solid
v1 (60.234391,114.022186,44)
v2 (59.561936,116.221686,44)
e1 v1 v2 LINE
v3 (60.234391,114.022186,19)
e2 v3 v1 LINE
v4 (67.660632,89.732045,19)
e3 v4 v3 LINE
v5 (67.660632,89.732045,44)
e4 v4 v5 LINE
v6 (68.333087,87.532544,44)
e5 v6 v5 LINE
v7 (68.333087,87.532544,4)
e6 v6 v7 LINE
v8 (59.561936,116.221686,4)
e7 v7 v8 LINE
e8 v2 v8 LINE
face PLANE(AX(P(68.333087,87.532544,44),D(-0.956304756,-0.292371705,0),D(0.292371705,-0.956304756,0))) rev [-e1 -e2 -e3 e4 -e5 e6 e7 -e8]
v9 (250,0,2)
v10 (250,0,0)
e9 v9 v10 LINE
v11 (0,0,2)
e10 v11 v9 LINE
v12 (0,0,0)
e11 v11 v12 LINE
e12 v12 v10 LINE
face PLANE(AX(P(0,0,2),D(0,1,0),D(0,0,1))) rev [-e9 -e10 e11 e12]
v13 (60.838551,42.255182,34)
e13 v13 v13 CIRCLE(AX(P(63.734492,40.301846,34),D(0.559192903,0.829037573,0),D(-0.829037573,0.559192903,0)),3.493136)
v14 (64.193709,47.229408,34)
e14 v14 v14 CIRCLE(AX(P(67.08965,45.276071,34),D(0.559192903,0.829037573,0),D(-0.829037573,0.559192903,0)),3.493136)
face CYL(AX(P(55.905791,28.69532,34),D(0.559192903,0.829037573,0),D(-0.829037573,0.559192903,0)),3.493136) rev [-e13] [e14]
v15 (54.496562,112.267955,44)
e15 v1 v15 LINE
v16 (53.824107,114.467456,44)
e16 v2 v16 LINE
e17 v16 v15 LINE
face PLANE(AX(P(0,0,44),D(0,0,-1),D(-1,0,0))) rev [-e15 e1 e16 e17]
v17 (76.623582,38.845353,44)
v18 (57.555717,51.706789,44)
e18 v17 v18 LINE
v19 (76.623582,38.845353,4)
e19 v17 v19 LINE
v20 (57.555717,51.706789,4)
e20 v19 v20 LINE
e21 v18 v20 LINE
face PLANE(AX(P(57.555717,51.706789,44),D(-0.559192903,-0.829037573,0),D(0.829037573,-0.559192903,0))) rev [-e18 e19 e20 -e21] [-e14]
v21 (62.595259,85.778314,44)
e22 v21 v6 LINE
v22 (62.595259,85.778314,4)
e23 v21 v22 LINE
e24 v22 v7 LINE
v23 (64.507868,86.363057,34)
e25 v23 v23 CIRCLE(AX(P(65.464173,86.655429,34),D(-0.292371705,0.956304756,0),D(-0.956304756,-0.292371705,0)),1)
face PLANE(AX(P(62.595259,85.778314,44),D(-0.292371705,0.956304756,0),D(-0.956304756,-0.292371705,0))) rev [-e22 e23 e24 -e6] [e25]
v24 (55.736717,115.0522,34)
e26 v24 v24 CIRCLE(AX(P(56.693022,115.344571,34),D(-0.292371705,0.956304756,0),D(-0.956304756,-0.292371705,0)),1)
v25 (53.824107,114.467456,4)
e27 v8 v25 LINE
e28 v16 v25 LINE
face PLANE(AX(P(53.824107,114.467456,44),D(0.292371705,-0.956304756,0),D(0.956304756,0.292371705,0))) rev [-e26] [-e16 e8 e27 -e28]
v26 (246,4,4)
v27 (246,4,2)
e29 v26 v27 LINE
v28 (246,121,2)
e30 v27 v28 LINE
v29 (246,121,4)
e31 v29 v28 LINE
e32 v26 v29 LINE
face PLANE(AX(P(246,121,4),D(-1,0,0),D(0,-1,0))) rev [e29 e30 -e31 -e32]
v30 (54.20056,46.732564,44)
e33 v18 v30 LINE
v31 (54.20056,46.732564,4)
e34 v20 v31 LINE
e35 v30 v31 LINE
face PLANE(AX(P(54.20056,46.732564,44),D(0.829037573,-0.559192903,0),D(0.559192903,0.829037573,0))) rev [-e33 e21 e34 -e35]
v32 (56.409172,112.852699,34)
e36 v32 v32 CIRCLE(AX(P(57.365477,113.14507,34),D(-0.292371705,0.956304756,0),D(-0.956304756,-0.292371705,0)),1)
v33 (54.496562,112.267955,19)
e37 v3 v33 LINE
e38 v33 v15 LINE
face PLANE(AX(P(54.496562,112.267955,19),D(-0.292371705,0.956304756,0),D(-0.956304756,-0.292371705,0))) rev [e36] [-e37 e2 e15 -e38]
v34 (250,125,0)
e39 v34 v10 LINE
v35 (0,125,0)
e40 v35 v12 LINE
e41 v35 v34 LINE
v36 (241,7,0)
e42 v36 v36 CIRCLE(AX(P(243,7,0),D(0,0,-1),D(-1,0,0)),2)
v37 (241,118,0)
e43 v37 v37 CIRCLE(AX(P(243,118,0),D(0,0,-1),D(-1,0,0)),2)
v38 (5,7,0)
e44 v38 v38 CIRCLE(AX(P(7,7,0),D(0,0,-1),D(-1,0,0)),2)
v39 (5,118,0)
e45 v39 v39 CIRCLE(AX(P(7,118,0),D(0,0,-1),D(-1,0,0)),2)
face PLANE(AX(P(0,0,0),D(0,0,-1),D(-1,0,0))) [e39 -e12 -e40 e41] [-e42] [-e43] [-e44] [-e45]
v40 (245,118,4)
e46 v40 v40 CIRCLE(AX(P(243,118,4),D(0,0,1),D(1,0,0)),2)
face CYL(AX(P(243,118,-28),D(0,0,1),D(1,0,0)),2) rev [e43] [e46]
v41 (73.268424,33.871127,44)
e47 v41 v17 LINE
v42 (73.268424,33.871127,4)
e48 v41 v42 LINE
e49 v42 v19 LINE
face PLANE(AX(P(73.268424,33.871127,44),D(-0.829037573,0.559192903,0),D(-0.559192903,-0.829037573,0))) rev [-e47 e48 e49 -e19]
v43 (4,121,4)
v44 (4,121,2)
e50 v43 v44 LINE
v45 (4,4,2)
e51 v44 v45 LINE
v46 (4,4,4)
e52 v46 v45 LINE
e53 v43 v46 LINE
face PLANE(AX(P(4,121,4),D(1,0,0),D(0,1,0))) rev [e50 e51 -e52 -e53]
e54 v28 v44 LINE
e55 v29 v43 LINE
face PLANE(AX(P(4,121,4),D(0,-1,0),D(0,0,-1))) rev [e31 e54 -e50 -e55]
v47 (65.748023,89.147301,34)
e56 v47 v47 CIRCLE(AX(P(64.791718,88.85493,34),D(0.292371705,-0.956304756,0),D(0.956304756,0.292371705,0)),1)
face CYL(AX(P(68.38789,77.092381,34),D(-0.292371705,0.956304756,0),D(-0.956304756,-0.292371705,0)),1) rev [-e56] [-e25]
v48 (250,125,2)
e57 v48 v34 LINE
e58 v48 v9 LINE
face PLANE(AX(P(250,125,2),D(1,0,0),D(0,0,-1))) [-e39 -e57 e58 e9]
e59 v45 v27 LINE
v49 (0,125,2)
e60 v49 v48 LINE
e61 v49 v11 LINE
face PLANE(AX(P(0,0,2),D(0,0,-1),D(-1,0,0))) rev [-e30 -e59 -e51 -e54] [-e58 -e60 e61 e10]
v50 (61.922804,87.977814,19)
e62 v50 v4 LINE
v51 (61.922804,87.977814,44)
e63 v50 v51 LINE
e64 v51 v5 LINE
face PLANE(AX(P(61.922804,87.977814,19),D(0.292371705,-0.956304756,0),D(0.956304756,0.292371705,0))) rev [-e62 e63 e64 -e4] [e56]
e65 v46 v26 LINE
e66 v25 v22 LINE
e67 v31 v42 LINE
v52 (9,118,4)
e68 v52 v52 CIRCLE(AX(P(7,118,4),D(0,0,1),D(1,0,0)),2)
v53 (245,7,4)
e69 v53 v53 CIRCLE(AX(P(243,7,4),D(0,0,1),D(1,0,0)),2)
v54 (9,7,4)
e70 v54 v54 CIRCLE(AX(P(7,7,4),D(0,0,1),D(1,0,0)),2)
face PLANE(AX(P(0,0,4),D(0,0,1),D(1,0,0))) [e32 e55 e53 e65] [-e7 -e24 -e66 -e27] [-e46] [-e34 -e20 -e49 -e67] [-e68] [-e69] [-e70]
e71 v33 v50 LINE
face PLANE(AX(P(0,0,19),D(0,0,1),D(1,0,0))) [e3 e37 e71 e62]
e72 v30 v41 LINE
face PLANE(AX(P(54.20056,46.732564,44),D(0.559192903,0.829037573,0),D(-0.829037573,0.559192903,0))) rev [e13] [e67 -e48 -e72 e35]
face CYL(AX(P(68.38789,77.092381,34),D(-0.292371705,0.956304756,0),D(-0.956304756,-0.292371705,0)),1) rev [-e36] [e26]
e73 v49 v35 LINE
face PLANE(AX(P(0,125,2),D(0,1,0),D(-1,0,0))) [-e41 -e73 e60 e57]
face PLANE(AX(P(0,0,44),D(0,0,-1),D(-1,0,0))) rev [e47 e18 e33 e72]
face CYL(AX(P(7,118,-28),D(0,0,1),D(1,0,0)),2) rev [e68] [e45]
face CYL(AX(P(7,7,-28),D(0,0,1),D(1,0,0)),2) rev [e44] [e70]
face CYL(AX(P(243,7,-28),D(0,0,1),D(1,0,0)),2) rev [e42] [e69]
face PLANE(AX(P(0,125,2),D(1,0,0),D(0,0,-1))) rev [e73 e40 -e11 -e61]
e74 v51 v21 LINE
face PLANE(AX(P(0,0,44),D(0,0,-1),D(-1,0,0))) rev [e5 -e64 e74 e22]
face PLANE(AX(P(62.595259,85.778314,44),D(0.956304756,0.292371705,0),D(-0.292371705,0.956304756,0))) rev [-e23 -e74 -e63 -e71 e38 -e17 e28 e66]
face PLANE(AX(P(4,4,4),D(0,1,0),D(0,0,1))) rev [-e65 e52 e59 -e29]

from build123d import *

# Parameters (mm, degrees)
SKIZZE1_W                       = 250
SKIZZE1_H                       = 125
AUFSATZ_LINEAR_AUSTRAGEN1_DEPTH = 2
SKIZZE2_W                       = 242
SKIZZE2_H                       = 117
AUFSATZ_LINEAR_AUSTRAGEN2_DEPTH = 2
SKIZZE3_R                       = 2
SCHNITT_LINEAR_AUSTRAGEN1_DEPTH = 32
AUFSATZ_LINEAR_AUSTRAGEN3_DEPTH = 40
SCHNITT_LINEAR_AUSTRAGEN2_DEPTH = 25
SKIZZE8_R                       = 1
SCHNITT_LINEAR_AUSTRAGEN3_DEPTH = 40
SKIZZE9_R                       = 3.493135661
SCHNITT_LINEAR_AUSTRAGEN4_DEPTH = 20


with BuildPart() as part:
    # Skizze1 → Aufsatz-Linear austragen1 (new body)
    with BuildSketch(Plane.XY):
        with Locations((125, 62.5)):
            Rectangle(SKIZZE1_W, SKIZZE1_H)
    extrude(amount=AUFSATZ_LINEAR_AUSTRAGEN1_DEPTH)

    # Skizze2 → Aufsatz-Linear austragen2 (add)
    with BuildSketch(Plane.XY.offset(2)):
        with Locations((125, 62.5)):
            Rectangle(SKIZZE2_W, SKIZZE2_H)
    extrude(amount=AUFSATZ_LINEAR_AUSTRAGEN2_DEPTH)

    # Skizze3 → Schnitt-Linear austragen1 (cut)
    with BuildSketch(Plane.XY.offset(4)):
        with Locations((7, 118)):
            Circle(SKIZZE3_R)
        with Locations((7, 7)):
            Circle(SKIZZE3_R)
        with Locations((243, 7)):
            Circle(SKIZZE3_R)
        with Locations((243, 118)):
            Circle(SKIZZE3_R)
    extrude(amount=-SCHNITT_LINEAR_AUSTRAGEN1_DEPTH, mode=Mode.SUBTRACT)

    # Skizze4 → Aufsatz-Linear austragen3 (add)
    with BuildSketch(Plane.XY.offset(4)):
        Polygon((62.595258591, 85.778313546), (68.333087126, 87.532543775), (59.561935985, 116.221686454), (53.824107449, 114.467456225), align=None)
        Polygon((54.200560001, 46.732563956), (73.26842417, 33.871127177), (76.623581591, 38.845352612), (57.555717422, 51.706789392), align=None)
    extrude(amount=AUFSATZ_LINEAR_AUSTRAGEN3_DEPTH)

    # Skizze7 → Schnitt-Linear austragen2 (cut)
    with BuildSketch(Plane.XY.offset(44)):
        Polygon((54.49656237, 112.267955287), (60.234390906, 114.022185515), (67.660632206, 89.732044713), (61.92280367, 87.977814485), align=None)
    extrude(amount=-SCHNITT_LINEAR_AUSTRAGEN2_DEPTH, mode=Mode.SUBTRACT)

    # Skizze8 → Schnitt-Linear austragen3 (cut)
    with BuildSketch(Plane(origin=(-27.403744567, 89.633609675, 0), x_dir=(0.9563047559630352, 0.2923717047227376, 0), z_dir=(-0.29237170472273766, 0.9563047559630353, 0))):
        with Locations(Location((87.939295251, -34, 0), (0, 0, 180))):
            Circle(SKIZZE8_R)
    extrude(amount=-SCHNITT_LINEAR_AUSTRAGEN3_DEPTH, mode=Mode.SUBTRACT)

    # Skizze9 → Schnitt-Linear austragen4 (cut)
    with BuildSketch(Plane(origin=(41.968333241, 62.220612777, 0), x_dir=(0.8290375725550413, -0.5591929034707476, 0), z_dir=(0.5591929034707476, 0.8290375725550413, 0))):
        with Locations(Location((30.301782569, -34, 0), (0, 0, 180))):
            Circle(SKIZZE9_R)
    extrude(amount=-SCHNITT_LINEAR_AUSTRAGEN4_DEPTH, mode=Mode.SUBTRACT)


solid = part.part
